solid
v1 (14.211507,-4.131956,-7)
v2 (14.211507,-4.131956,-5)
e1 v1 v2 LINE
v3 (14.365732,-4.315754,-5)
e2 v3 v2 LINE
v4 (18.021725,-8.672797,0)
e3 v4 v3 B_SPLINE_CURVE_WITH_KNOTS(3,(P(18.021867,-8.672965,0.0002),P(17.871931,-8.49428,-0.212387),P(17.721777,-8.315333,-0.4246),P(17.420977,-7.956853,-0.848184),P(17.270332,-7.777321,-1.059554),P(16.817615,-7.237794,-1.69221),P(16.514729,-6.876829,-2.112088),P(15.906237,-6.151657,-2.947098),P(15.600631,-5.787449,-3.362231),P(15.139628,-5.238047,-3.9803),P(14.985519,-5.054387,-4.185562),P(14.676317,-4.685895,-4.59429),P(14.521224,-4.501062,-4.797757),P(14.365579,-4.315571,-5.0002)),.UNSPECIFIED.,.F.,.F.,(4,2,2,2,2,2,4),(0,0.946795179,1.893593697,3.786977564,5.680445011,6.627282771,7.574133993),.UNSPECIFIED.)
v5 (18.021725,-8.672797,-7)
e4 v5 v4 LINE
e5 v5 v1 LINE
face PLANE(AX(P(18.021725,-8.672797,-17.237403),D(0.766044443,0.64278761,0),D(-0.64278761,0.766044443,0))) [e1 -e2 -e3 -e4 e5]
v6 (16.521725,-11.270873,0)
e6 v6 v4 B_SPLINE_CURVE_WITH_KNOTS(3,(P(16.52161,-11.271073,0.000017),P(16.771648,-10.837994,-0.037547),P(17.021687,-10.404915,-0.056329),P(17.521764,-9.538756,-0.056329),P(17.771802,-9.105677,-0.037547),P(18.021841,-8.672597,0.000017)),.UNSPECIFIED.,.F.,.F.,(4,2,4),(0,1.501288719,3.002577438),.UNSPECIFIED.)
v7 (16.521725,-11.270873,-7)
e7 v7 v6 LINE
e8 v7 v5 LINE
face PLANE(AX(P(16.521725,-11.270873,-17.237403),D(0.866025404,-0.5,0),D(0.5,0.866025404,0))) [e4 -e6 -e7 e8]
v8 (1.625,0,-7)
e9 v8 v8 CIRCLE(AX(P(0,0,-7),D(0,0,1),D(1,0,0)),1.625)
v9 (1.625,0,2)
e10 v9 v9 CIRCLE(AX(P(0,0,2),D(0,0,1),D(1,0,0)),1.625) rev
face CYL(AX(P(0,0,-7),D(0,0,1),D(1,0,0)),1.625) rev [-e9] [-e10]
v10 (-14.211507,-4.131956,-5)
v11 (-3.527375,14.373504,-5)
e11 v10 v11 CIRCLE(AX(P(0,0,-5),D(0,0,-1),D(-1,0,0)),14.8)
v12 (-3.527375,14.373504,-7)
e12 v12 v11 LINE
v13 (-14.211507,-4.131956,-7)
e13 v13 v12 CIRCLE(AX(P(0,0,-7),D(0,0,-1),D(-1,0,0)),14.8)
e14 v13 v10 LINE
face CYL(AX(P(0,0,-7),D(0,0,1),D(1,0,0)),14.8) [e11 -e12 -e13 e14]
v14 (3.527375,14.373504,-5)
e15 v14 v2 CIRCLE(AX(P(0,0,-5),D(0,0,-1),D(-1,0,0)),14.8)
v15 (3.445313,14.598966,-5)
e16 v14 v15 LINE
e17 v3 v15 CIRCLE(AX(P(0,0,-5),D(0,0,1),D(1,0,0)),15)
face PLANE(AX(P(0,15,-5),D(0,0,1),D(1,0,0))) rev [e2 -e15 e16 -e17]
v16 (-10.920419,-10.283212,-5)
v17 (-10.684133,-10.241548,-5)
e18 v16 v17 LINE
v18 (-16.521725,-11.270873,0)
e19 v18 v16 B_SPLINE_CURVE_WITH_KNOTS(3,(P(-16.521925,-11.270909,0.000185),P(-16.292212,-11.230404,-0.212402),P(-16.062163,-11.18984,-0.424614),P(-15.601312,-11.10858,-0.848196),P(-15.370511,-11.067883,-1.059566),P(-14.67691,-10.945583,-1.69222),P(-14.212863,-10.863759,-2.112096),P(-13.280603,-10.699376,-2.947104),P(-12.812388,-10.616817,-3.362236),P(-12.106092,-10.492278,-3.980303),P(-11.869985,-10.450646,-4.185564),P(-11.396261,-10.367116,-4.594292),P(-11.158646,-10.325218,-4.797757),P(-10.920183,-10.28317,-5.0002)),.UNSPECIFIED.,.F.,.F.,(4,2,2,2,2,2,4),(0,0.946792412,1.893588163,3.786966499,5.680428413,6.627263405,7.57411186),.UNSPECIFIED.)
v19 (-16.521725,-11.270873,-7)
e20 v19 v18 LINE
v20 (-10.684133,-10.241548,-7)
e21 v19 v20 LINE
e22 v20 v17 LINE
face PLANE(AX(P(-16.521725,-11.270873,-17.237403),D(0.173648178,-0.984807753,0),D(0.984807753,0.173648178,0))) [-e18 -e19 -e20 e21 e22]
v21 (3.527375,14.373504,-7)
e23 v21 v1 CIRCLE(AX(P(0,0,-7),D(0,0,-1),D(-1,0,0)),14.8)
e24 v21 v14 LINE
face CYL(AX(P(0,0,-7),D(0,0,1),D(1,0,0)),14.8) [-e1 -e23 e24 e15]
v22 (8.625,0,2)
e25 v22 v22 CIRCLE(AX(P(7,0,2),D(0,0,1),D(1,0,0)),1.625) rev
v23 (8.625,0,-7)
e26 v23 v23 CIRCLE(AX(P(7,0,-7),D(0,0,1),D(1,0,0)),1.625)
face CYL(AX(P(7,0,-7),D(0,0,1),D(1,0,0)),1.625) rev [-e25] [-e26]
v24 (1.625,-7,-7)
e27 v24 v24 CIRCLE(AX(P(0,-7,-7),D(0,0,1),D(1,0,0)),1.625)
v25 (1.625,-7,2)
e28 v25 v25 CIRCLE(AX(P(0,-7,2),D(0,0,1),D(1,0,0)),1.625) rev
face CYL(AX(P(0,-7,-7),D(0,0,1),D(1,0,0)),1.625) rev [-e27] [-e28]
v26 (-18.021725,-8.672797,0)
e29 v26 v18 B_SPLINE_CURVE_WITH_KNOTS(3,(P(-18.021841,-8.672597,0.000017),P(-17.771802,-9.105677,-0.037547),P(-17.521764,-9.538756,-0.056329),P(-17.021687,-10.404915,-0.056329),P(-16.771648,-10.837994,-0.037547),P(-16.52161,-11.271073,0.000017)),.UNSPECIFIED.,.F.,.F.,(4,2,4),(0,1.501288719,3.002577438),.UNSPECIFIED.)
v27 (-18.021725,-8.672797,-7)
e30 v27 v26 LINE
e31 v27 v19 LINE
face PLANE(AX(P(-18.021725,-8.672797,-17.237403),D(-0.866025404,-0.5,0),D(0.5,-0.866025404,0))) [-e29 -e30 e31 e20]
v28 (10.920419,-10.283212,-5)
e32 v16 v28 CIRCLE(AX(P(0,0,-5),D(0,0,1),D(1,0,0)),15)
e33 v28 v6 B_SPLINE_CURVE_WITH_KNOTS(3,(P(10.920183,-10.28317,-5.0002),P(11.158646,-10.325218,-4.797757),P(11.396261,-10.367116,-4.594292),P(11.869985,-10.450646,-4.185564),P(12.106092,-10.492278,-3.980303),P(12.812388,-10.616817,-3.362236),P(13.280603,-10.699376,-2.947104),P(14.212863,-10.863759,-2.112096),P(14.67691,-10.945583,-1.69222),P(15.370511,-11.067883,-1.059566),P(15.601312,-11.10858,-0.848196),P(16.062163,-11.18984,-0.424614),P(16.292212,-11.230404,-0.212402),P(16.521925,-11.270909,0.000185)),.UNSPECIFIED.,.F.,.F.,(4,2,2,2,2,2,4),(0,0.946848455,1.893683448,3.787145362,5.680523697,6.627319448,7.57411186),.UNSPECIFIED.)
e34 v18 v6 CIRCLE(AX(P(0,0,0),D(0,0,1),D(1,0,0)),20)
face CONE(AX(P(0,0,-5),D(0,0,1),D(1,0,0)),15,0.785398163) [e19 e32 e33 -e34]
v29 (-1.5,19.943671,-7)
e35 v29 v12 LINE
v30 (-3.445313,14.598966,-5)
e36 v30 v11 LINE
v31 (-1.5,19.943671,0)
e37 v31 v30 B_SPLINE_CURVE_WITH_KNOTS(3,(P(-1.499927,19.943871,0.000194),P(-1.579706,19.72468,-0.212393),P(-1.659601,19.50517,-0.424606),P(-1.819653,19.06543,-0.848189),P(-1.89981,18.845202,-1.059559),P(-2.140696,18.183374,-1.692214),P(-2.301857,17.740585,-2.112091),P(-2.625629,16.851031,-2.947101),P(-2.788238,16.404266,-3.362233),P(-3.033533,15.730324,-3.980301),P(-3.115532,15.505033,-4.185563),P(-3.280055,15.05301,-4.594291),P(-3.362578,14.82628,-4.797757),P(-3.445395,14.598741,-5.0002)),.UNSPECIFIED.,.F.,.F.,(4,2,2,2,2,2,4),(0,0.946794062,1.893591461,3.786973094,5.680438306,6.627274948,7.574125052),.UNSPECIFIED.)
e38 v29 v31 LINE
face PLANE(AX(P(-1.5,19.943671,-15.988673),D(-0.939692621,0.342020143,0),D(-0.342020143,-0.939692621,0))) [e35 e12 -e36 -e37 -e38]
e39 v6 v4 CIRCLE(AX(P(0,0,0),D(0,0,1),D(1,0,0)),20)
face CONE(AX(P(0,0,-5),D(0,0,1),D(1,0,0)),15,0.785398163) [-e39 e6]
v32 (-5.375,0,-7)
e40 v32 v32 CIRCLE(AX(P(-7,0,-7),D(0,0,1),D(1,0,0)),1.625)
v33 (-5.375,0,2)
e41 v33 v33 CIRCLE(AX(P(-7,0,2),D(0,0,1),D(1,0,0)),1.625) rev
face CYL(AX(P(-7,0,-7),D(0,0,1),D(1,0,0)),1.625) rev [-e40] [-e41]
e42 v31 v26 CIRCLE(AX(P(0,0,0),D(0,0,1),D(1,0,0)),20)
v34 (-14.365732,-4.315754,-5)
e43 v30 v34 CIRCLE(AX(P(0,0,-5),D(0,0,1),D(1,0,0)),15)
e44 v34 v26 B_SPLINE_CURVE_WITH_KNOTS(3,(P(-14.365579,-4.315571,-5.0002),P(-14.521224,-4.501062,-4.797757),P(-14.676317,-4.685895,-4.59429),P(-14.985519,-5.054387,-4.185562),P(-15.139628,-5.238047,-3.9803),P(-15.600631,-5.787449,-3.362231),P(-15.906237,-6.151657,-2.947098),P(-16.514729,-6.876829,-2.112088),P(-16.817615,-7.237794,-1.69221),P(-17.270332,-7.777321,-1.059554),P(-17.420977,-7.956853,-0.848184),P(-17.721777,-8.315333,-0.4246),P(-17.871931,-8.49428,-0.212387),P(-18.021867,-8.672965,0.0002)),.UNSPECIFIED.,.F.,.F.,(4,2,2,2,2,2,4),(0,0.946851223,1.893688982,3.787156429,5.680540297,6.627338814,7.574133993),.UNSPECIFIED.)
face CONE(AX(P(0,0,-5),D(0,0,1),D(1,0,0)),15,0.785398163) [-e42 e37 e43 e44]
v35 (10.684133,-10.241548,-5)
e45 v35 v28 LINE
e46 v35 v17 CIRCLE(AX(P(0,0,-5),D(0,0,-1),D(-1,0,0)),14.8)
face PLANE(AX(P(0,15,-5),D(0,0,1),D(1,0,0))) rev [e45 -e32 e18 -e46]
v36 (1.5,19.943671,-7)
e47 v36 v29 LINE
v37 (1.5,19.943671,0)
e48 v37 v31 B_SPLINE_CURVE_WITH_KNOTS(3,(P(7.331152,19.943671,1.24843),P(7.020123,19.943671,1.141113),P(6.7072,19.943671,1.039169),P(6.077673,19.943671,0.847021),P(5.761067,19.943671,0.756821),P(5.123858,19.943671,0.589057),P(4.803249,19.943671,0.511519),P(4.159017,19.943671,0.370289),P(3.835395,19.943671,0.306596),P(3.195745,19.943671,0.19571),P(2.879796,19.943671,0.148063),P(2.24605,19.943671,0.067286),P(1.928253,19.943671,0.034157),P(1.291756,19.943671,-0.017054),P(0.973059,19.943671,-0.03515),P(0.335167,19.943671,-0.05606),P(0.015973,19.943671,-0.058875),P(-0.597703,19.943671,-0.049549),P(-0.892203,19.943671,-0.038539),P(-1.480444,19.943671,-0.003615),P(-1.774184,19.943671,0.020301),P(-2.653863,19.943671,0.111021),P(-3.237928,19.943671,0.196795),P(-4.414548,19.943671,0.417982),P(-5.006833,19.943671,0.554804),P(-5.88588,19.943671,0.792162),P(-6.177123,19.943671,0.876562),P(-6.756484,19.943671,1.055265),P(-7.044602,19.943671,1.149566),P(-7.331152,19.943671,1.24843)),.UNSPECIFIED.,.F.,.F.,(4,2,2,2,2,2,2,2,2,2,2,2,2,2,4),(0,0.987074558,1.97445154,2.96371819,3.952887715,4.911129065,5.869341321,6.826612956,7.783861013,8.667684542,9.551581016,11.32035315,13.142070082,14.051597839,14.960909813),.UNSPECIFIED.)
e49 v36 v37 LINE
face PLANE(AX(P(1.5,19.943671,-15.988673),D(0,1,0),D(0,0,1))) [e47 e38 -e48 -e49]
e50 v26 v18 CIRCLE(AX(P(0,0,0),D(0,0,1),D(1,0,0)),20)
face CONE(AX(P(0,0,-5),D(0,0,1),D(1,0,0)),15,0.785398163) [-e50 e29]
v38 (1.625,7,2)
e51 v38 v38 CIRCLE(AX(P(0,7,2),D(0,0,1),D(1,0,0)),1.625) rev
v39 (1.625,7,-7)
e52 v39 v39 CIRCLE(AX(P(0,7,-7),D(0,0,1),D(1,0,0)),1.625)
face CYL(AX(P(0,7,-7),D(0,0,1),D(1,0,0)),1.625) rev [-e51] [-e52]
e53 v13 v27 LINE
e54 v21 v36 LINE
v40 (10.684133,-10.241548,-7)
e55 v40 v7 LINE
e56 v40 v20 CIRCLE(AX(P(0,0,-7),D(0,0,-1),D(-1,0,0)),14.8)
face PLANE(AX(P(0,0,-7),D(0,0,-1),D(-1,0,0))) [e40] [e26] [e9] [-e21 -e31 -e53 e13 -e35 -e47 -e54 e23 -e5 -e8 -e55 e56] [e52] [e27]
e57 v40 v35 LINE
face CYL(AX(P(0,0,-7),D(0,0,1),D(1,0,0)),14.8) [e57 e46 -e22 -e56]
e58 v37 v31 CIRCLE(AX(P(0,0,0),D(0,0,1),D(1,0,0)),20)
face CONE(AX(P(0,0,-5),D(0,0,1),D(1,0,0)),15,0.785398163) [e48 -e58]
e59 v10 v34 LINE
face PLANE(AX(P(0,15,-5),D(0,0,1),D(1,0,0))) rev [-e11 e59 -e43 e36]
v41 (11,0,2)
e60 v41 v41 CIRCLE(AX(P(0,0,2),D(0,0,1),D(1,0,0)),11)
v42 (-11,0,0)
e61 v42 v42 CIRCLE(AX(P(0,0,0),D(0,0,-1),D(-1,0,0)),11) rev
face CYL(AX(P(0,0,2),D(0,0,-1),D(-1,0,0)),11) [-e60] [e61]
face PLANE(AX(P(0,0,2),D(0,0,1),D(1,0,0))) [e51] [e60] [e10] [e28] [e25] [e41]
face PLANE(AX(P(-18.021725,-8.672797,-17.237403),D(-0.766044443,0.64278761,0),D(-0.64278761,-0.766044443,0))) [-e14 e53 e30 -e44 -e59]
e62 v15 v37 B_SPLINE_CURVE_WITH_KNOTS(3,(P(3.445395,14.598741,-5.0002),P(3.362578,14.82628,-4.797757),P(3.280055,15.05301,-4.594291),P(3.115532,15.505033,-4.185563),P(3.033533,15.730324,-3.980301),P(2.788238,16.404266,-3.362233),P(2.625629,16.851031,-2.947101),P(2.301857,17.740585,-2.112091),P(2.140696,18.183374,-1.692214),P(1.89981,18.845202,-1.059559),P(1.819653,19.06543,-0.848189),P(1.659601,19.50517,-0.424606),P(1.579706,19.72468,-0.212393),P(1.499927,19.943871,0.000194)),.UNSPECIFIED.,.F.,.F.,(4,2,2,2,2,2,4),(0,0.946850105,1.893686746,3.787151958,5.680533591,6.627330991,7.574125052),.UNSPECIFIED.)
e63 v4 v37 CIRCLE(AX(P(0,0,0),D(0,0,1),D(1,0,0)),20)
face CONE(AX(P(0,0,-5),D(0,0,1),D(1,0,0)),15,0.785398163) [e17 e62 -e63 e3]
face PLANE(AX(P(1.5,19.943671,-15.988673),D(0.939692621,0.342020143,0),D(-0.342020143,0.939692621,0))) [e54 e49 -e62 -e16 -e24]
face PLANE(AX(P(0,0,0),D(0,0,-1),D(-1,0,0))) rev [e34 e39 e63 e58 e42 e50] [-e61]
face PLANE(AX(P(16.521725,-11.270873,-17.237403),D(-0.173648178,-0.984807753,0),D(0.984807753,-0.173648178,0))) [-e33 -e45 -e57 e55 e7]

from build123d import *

# Parameters (mm, degrees)
ESQUISSE3_R                  = 14.8
BOSS_EXTRU_1_DEPTH           = 2
BOSS_EXTRU_2_REACH           = 31.138
R_P_TITION_CIRCULAIRE1_COUNT = 3
ENL_V_MAT_EXTRU_1_DEPTH      = 30.137604569
ENL_V_MAT_EXTRU_1_DEPTH_BACK = 30.137604569
ESQUISSE5_R                  = 1.625
BOSS_EXTRU_3_START           = 2
ESQUISSE6_R                  = 11
ESQUISSE6_R_2                = 1.625
BOSS_EXTRU_3_DEPTH           = 2


with BuildPart() as part:
    # Esquisse2 → Révolution1 (revolve)
    with BuildSketch(Plane(origin=(0, 0, 0), x_dir=(0, 0, -1), z_dir=(1, 0, 0)), mode=Mode.PRIVATE) as r_volution1_sk:
        Polygon((0, 0), (0, 20), (5, 15), (5, 0), align=None)
    revolve(r_volution1_sk.sketch.rotate(Axis((0, 0, 0), (0, 0, -1)), 90), axis=Axis((0, 0, 0), (0, 0, -1)))

    # Esquisse3 → Boss.-Extru.1 (add)
    with BuildSketch(Plane(origin=(0, 0, -5), x_dir=(-1, 0, 0), z_dir=(0, 0, -1))):
        Circle(ESQUISSE3_R)
    extrude(amount=BOSS_EXTRU_1_DEPTH)

    # Boss.-Extru.2: up to this face of the body (flat: up to its plane)
    boss_extru_2_end = Plane(part.part.faces().sort_by_distance((0, 0, -7))[0])
    # Esquisse4 → Boss.-Extru.2 (add, up to the picked face)
    with BuildSketch(Plane.XY, mode=Mode.PRIVATE) as boss_extru_2_sk1:
        with BuildLine():
            Line((1.5, 19.943670675), (-1.5, 19.943670675))
            Line((-1.5, 19.943670675), (-3.52737474, 14.373504355))
            ThreePointArc((-3.52737474, 14.373504355), (0, 14.8), (3.52737474, 14.373504355))
            Line((3.52737474, 14.373504355), (1.5, 19.943670675))
        make_face()
    boss_extru_2_tool1 = split(extrude(boss_extru_2_sk1.sketch, amount=-BOSS_EXTRU_2_REACH, mode=Mode.PRIVATE), bisect_by=boss_extru_2_end, keep=Keep.BOTH, mode=Mode.PRIVATE)
    boss_extru_2 = boss_extru_2_tool1.solids().sort_by(Axis((0, 16.957577, 0), (0, 0, -1)))[0]
    add(boss_extru_2)

    # Répétition circulaire1: Boss.-Extru.2 ×3 about axis
    r_p_tition_circulaire1_axis = Axis((0, 0, 0), (0, 0, 1))
    for i in range(1, R_P_TITION_CIRCULAIRE1_COUNT):
        add(boss_extru_2.rotate(r_p_tition_circulaire1_axis, i * 360 / R_P_TITION_CIRCULAIRE1_COUNT))

    # Esquisse5 → Enlèv. mat.-Extru.1 (cut, two sides: drawn at the far end of the back side and taken through both)
    with BuildSketch(Plane.XY.offset(-ENL_V_MAT_EXTRU_1_DEPTH_BACK)):
        with Locations((0, 7)):
            Circle(ESQUISSE5_R)
        Circle(ESQUISSE5_R)
        with Locations((7, 0)):
            Circle(ESQUISSE5_R)
        with Locations((0, -7)):
            Circle(ESQUISSE5_R)
        with Locations((-7, 0)):
            Circle(ESQUISSE5_R)
    extrude(amount=ENL_V_MAT_EXTRU_1_DEPTH + ENL_V_MAT_EXTRU_1_DEPTH_BACK, mode=Mode.SUBTRACT)

    # Esquisse6 → Boss.-Extru.3 (add)
    with BuildSketch(Plane.XY.offset(BOSS_EXTRU_3_START)):
        with Locations(Location((0, 0, 0), (0, 0, 180))):
            Circle(ESQUISSE6_R)
        with Locations((0, 7)):
            Circle(ESQUISSE6_R_2, mode=Mode.SUBTRACT)
        with Locations((0, -7)):
            Circle(ESQUISSE6_R_2, mode=Mode.SUBTRACT)
        Circle(ESQUISSE6_R_2, mode=Mode.SUBTRACT)
        with Locations((7, 0)):
            Circle(ESQUISSE6_R_2, mode=Mode.SUBTRACT)
        with Locations((-7, 0)):
            Circle(ESQUISSE6_R_2, mode=Mode.SUBTRACT)
    extrude(amount=-BOSS_EXTRU_3_DEPTH)


solid = part.part
